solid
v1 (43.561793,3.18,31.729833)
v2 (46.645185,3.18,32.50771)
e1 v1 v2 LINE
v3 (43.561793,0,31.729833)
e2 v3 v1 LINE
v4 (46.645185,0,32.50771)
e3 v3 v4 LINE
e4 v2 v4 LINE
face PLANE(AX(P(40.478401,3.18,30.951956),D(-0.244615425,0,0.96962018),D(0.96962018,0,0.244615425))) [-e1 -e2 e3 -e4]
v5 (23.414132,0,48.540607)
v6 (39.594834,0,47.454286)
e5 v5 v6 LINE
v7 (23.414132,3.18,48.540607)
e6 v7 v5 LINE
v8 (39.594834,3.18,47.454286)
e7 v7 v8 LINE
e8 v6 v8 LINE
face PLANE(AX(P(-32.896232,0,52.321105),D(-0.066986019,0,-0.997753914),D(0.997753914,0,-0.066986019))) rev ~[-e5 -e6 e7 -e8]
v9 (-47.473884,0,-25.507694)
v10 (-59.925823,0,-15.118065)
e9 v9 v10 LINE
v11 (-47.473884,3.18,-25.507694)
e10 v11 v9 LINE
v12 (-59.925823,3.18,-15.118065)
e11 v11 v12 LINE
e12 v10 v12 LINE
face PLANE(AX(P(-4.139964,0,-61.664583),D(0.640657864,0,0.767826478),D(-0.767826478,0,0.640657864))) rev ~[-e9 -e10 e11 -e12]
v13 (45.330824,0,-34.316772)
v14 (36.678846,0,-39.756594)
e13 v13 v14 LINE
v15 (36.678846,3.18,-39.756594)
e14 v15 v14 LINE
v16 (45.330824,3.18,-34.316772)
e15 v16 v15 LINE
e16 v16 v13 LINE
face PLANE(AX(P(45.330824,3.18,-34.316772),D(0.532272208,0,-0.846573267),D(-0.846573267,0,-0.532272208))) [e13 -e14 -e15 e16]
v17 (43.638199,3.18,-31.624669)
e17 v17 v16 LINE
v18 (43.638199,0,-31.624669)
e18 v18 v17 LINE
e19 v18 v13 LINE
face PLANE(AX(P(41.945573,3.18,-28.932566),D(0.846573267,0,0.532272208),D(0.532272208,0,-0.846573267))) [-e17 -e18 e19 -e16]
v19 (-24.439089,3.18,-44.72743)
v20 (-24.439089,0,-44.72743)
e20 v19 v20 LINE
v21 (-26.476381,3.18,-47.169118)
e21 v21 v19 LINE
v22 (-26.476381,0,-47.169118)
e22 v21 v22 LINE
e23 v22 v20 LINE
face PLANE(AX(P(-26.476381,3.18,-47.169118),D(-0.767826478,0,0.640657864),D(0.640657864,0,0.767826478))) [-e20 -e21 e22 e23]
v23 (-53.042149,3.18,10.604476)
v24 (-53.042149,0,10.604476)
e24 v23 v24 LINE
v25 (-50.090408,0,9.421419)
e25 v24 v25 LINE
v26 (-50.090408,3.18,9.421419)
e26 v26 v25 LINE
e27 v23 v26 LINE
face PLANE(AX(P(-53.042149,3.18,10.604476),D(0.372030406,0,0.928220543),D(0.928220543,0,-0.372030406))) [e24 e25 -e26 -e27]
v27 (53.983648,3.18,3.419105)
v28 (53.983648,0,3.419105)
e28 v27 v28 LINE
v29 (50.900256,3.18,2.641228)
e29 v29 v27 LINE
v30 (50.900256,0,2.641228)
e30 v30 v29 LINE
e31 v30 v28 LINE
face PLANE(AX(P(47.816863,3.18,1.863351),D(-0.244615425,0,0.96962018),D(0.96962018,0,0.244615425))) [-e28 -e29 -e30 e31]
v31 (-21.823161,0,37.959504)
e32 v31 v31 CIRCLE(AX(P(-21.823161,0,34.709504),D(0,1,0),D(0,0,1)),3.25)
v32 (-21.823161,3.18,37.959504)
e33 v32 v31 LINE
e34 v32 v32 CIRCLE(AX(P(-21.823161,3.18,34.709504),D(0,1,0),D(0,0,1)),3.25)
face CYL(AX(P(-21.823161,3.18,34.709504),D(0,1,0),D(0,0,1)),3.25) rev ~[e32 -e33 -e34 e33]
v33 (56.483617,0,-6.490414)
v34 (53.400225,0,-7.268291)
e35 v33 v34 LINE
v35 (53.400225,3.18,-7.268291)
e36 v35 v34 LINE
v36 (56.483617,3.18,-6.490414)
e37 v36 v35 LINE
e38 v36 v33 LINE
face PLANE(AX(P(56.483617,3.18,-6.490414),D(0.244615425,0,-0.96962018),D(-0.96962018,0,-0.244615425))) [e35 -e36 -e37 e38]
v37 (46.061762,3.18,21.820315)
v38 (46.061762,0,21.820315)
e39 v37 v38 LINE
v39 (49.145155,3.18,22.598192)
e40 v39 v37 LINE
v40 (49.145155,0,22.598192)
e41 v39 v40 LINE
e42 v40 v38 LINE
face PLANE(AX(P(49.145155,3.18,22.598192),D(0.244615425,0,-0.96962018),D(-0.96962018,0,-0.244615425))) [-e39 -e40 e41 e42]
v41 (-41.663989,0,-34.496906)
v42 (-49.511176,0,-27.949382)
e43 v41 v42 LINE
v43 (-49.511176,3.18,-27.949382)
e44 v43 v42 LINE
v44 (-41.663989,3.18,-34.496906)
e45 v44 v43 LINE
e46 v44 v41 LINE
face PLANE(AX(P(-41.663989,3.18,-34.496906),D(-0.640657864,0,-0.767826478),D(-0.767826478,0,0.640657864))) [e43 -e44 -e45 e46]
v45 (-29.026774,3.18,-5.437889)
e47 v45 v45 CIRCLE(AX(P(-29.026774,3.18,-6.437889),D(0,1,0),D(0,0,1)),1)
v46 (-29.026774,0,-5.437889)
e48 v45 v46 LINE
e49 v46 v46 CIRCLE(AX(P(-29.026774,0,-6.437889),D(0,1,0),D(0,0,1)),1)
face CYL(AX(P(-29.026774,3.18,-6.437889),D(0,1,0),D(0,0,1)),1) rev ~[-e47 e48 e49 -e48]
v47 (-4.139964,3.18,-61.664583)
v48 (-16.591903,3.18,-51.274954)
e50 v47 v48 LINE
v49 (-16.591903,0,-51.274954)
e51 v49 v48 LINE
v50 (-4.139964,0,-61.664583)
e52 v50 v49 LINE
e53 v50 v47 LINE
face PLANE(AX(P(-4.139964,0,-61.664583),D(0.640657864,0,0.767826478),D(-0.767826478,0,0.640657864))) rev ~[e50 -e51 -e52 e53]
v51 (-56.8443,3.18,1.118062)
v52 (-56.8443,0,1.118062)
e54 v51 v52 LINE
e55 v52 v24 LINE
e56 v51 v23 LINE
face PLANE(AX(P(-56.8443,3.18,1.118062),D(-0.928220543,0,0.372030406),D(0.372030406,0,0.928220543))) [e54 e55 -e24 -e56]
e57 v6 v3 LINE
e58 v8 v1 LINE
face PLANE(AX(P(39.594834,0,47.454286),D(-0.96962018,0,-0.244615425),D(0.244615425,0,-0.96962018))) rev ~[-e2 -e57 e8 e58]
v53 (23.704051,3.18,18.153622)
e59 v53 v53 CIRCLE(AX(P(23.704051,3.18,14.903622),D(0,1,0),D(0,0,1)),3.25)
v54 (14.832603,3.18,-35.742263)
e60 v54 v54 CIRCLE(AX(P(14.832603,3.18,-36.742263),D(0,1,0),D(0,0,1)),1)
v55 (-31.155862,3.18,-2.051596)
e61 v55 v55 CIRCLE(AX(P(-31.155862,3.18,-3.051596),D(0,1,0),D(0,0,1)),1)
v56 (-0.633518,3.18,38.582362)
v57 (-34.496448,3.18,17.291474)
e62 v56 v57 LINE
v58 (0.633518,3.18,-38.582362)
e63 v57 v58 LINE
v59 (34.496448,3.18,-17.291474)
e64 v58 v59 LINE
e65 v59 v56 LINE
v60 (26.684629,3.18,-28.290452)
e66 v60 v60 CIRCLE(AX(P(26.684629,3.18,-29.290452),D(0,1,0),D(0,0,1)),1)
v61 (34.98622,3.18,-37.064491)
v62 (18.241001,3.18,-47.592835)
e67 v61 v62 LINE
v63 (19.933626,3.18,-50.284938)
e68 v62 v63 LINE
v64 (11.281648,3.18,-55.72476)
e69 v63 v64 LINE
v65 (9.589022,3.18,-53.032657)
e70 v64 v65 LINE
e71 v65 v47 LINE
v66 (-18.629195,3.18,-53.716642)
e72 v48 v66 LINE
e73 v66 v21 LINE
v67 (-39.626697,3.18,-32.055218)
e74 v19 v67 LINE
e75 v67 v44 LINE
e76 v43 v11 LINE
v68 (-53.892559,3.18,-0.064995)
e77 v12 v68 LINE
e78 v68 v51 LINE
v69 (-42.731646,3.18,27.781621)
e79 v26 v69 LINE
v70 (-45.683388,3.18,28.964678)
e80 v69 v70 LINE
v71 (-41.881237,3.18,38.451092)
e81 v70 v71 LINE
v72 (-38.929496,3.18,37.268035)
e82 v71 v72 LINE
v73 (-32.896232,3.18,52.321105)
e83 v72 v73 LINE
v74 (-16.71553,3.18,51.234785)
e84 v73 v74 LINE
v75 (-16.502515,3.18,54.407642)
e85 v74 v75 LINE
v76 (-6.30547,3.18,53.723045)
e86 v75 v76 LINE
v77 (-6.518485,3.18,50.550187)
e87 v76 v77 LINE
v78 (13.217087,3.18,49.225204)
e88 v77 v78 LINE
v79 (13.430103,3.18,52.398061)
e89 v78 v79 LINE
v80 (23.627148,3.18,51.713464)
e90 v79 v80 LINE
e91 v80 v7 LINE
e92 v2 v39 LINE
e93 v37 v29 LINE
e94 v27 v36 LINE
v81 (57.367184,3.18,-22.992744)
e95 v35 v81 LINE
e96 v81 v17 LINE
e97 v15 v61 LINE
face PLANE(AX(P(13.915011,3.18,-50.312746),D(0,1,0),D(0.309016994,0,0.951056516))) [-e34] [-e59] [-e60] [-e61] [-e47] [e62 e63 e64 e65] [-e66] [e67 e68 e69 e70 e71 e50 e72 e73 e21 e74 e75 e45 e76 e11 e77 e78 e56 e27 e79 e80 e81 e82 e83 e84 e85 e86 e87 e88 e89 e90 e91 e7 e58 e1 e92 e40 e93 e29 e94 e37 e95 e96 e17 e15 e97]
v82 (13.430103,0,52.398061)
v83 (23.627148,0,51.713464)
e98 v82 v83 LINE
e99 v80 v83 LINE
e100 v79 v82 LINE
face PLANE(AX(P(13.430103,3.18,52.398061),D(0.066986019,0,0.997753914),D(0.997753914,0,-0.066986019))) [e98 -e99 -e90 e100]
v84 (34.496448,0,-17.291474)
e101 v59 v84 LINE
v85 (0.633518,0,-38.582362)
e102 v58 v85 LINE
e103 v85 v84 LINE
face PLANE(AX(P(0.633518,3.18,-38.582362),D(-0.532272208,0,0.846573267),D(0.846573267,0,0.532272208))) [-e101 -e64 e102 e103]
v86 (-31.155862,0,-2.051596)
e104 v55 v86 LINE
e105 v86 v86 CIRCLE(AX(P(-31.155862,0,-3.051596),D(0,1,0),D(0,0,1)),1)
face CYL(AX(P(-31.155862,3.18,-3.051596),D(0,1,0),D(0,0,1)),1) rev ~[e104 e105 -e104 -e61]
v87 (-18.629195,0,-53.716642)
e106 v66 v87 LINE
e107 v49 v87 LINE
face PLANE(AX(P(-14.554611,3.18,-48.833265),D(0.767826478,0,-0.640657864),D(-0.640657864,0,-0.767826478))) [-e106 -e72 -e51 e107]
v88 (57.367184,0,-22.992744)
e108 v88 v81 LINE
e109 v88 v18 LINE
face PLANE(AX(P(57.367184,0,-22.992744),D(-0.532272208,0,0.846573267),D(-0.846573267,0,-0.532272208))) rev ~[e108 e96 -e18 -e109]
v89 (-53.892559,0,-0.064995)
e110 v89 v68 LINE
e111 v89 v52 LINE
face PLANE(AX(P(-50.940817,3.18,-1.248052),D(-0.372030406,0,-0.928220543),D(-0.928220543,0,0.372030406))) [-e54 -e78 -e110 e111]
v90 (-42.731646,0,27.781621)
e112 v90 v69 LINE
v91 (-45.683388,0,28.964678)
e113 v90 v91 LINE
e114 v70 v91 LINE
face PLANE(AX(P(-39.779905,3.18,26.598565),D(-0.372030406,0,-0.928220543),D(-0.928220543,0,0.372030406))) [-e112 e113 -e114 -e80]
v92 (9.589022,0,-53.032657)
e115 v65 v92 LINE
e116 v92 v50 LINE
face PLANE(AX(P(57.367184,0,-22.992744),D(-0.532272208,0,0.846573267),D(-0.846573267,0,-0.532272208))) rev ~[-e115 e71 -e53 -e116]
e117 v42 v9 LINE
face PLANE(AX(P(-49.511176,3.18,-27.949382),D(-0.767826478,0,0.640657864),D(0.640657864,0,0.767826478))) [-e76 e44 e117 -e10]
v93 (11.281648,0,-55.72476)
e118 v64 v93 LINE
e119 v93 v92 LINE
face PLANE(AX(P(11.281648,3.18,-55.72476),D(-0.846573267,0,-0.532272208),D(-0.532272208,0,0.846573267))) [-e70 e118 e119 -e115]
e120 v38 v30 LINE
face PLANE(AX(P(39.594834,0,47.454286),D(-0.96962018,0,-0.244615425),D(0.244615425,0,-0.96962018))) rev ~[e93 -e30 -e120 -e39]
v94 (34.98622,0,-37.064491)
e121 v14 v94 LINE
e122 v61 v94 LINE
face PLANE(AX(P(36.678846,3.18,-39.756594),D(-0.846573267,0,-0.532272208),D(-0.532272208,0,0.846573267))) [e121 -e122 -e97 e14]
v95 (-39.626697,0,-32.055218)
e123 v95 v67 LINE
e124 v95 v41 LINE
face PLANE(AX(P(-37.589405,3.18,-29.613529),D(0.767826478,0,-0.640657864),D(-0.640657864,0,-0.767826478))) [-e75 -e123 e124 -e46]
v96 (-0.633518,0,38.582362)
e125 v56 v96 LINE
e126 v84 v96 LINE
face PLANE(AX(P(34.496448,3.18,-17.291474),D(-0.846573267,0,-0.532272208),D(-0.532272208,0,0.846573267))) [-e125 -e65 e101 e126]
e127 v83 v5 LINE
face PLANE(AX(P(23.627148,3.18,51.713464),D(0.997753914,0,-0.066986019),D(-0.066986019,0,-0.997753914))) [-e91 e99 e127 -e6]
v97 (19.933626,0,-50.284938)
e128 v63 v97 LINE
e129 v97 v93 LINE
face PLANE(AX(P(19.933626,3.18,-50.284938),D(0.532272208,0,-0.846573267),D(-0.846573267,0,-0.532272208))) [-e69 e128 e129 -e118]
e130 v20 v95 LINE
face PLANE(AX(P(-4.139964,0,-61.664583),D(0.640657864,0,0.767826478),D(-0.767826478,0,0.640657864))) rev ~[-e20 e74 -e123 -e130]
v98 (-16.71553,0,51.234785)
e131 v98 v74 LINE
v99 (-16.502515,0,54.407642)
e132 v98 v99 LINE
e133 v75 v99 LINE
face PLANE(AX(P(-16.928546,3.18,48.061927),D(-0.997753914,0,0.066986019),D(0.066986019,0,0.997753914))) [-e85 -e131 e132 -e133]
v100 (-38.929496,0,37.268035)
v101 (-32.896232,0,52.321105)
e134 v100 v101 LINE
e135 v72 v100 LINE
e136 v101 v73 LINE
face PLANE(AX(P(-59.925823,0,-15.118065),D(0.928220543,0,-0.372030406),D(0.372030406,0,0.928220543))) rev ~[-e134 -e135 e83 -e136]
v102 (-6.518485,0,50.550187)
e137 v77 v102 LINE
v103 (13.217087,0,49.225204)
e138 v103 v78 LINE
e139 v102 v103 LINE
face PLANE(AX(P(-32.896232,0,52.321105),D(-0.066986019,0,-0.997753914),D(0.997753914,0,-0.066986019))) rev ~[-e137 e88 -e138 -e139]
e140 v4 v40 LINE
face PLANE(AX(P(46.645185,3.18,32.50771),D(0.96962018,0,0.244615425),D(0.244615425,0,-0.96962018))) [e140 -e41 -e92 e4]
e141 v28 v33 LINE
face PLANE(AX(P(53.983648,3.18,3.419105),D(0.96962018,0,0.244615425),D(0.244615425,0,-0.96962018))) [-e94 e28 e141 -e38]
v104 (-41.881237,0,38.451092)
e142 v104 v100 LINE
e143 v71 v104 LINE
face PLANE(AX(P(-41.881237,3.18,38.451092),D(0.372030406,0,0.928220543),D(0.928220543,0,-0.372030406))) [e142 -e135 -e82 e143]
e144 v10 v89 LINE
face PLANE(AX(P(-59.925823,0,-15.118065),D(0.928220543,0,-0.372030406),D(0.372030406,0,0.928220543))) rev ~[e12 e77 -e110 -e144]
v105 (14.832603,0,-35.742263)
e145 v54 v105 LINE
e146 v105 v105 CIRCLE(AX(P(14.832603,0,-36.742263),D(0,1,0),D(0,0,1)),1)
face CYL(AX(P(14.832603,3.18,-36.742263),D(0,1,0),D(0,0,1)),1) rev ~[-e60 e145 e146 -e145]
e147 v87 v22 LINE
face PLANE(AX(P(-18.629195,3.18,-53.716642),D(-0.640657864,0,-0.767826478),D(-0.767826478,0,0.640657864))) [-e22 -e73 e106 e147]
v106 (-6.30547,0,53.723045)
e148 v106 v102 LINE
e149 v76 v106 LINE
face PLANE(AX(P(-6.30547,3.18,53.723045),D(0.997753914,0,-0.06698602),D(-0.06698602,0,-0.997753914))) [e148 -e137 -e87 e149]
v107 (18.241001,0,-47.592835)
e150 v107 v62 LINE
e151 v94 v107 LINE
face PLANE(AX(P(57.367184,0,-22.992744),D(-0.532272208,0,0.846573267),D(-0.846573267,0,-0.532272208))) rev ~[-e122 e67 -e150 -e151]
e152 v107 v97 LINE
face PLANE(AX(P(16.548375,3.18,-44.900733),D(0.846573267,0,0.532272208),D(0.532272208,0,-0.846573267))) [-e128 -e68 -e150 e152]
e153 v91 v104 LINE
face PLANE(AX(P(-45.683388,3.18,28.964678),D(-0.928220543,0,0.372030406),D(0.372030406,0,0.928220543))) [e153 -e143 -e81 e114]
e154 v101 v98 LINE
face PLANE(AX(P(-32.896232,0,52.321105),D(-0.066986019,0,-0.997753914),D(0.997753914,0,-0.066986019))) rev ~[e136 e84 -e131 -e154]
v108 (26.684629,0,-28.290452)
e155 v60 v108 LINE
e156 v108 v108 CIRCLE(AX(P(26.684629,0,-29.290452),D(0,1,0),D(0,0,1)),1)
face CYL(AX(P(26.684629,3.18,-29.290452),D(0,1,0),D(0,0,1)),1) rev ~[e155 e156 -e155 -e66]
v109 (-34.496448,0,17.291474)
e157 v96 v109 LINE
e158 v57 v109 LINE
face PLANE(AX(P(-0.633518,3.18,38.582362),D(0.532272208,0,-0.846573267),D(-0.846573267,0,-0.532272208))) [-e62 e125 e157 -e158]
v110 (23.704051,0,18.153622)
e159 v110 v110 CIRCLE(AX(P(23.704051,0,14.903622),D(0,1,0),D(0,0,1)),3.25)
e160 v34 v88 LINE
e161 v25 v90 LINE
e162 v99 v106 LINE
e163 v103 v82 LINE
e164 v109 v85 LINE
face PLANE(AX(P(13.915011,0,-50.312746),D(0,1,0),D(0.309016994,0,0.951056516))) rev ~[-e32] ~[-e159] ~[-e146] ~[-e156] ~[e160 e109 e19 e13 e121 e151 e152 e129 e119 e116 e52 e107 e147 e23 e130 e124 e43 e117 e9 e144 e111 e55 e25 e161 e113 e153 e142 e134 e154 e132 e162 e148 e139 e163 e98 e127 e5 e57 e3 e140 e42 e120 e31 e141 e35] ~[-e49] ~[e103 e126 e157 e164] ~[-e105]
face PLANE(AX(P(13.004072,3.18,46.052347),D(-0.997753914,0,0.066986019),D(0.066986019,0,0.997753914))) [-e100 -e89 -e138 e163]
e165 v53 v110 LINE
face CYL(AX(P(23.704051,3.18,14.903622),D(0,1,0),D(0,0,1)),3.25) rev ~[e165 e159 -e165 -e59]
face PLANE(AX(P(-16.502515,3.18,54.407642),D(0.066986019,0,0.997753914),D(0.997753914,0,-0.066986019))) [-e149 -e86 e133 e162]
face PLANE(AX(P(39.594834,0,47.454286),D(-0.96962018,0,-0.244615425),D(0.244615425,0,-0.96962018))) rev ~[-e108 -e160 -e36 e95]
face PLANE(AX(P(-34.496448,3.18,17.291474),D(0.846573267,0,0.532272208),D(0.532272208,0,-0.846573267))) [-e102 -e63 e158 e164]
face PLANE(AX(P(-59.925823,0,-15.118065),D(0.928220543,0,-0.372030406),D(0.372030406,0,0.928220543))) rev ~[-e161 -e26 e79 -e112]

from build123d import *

# Parameters (mm, degrees)
BOSS_EXTRUDE1_DEPTH = 3.18
SKETCH4_R           = 3.25
TOP_CUT_DEPTH       = 10
SKETCH7_R           = 1
TOP_CUT_2_DEPTH     = 87.044973388
SKETCH10_R          = 1
TOP_CUT_3_DEPTH     = 10
EXTRUDE_M_DEPTH     = 3.18
CIRCLE_M_COUNT      = 5


with BuildPart() as part:
    # Sketch1 → Boss-Extrude1 (new body)
    with BuildSketch(Plane(origin=(0, 0, 0), x_dir=(1, 0, 0), z_dir=(0, 1, 0))):
        Polygon((-59.925822748, 15.118064705), (-32.896231583, -52.321105303), (39.594833528, -47.454286112), (57.367184482, 22.992743574), (-4.139963679, 61.664583135), align=None)
    extrude(amount=BOSS_EXTRUDE1_DEPTH)

    # Sketch4 → Top Cut (cut)
    with BuildSketch(Plane(origin=(0, 3.18, 0), x_dir=(1, 0, 0), z_dir=(0, 1, 0))):
        with Locations(Location((-21.823160529, -34.709503951, 0), (0, 0, 270))):
            Circle(SKETCH4_R)
        with Locations(Location((23.704051479, -14.903621825, 0), (0, 0, 270))):
            Circle(SKETCH4_R)
        Polygon((-34.496448207, -17.291473653), (0.633517523, 38.582361975), (34.496448207, 17.291473653), (-0.633517523, -38.582361975), align=None)
    extrude(amount=-TOP_CUT_DEPTH, mode=Mode.SUBTRACT)

    # Sketch7 → Top Cut 2 (cut, through all)
    with BuildSketch(Plane(origin=(0, 3.18, 0), x_dir=(1, 0, 0), z_dir=(0, 1, 0))):
        with Locations(Location((-29.026773559, 6.437889154, 0), (0, 0, 270))):
            Circle(SKETCH7_R)
        with Locations(Location((-31.155862391, 3.051596086, 0), (0, 0, 270))):
            Circle(SKETCH7_R)
    extrude(amount=-TOP_CUT_2_DEPTH, mode=Mode.SUBTRACT)

    # Sketch10 → Top Cut 3 (cut)
    with BuildSketch(Plane(origin=(0, 3.18, 0), x_dir=(1, 0, 0), z_dir=(0, 1, 0))):
        with Locations(Location((14.832603244, 36.742262873, 0), (0, 0, 270))):
            Circle(SKETCH10_R)
        with Locations(Location((26.684628983, 29.29045196, 0), (0, 0, 270))):
            Circle(SKETCH10_R)
    extrude(amount=-TOP_CUT_3_DEPTH, mode=Mode.SUBTRACT)

    # Sketch3 → Extrude M (add)
    with BuildSketch(Plane(origin=(0, 3.18, 0), x_dir=(1, 0, 0), z_dir=(0, 1, 0))):
        Polygon((-49.511175703, 27.949382471), (-45.436591686, 23.066006068), (-37.589405077, 29.613529441), (-41.663989094, 34.496905844), align=None)
        Polygon((-26.476381351, 47.169118399), (-22.401797334, 42.285741997), (-14.554610725, 48.83326537), (-18.629194741, 53.716641772), align=None)
    extrude_m = extrude(amount=-EXTRUDE_M_DEPTH)

    # Circle M: Extrude M ×5 about axis
    circle_m_axis = Axis((0, 0, 0), (0, 1, 0))
    for i in range(1, CIRCLE_M_COUNT):
        add(extrude_m.rotate(circle_m_axis, i * 360 / CIRCLE_M_COUNT))


solid = part.part
